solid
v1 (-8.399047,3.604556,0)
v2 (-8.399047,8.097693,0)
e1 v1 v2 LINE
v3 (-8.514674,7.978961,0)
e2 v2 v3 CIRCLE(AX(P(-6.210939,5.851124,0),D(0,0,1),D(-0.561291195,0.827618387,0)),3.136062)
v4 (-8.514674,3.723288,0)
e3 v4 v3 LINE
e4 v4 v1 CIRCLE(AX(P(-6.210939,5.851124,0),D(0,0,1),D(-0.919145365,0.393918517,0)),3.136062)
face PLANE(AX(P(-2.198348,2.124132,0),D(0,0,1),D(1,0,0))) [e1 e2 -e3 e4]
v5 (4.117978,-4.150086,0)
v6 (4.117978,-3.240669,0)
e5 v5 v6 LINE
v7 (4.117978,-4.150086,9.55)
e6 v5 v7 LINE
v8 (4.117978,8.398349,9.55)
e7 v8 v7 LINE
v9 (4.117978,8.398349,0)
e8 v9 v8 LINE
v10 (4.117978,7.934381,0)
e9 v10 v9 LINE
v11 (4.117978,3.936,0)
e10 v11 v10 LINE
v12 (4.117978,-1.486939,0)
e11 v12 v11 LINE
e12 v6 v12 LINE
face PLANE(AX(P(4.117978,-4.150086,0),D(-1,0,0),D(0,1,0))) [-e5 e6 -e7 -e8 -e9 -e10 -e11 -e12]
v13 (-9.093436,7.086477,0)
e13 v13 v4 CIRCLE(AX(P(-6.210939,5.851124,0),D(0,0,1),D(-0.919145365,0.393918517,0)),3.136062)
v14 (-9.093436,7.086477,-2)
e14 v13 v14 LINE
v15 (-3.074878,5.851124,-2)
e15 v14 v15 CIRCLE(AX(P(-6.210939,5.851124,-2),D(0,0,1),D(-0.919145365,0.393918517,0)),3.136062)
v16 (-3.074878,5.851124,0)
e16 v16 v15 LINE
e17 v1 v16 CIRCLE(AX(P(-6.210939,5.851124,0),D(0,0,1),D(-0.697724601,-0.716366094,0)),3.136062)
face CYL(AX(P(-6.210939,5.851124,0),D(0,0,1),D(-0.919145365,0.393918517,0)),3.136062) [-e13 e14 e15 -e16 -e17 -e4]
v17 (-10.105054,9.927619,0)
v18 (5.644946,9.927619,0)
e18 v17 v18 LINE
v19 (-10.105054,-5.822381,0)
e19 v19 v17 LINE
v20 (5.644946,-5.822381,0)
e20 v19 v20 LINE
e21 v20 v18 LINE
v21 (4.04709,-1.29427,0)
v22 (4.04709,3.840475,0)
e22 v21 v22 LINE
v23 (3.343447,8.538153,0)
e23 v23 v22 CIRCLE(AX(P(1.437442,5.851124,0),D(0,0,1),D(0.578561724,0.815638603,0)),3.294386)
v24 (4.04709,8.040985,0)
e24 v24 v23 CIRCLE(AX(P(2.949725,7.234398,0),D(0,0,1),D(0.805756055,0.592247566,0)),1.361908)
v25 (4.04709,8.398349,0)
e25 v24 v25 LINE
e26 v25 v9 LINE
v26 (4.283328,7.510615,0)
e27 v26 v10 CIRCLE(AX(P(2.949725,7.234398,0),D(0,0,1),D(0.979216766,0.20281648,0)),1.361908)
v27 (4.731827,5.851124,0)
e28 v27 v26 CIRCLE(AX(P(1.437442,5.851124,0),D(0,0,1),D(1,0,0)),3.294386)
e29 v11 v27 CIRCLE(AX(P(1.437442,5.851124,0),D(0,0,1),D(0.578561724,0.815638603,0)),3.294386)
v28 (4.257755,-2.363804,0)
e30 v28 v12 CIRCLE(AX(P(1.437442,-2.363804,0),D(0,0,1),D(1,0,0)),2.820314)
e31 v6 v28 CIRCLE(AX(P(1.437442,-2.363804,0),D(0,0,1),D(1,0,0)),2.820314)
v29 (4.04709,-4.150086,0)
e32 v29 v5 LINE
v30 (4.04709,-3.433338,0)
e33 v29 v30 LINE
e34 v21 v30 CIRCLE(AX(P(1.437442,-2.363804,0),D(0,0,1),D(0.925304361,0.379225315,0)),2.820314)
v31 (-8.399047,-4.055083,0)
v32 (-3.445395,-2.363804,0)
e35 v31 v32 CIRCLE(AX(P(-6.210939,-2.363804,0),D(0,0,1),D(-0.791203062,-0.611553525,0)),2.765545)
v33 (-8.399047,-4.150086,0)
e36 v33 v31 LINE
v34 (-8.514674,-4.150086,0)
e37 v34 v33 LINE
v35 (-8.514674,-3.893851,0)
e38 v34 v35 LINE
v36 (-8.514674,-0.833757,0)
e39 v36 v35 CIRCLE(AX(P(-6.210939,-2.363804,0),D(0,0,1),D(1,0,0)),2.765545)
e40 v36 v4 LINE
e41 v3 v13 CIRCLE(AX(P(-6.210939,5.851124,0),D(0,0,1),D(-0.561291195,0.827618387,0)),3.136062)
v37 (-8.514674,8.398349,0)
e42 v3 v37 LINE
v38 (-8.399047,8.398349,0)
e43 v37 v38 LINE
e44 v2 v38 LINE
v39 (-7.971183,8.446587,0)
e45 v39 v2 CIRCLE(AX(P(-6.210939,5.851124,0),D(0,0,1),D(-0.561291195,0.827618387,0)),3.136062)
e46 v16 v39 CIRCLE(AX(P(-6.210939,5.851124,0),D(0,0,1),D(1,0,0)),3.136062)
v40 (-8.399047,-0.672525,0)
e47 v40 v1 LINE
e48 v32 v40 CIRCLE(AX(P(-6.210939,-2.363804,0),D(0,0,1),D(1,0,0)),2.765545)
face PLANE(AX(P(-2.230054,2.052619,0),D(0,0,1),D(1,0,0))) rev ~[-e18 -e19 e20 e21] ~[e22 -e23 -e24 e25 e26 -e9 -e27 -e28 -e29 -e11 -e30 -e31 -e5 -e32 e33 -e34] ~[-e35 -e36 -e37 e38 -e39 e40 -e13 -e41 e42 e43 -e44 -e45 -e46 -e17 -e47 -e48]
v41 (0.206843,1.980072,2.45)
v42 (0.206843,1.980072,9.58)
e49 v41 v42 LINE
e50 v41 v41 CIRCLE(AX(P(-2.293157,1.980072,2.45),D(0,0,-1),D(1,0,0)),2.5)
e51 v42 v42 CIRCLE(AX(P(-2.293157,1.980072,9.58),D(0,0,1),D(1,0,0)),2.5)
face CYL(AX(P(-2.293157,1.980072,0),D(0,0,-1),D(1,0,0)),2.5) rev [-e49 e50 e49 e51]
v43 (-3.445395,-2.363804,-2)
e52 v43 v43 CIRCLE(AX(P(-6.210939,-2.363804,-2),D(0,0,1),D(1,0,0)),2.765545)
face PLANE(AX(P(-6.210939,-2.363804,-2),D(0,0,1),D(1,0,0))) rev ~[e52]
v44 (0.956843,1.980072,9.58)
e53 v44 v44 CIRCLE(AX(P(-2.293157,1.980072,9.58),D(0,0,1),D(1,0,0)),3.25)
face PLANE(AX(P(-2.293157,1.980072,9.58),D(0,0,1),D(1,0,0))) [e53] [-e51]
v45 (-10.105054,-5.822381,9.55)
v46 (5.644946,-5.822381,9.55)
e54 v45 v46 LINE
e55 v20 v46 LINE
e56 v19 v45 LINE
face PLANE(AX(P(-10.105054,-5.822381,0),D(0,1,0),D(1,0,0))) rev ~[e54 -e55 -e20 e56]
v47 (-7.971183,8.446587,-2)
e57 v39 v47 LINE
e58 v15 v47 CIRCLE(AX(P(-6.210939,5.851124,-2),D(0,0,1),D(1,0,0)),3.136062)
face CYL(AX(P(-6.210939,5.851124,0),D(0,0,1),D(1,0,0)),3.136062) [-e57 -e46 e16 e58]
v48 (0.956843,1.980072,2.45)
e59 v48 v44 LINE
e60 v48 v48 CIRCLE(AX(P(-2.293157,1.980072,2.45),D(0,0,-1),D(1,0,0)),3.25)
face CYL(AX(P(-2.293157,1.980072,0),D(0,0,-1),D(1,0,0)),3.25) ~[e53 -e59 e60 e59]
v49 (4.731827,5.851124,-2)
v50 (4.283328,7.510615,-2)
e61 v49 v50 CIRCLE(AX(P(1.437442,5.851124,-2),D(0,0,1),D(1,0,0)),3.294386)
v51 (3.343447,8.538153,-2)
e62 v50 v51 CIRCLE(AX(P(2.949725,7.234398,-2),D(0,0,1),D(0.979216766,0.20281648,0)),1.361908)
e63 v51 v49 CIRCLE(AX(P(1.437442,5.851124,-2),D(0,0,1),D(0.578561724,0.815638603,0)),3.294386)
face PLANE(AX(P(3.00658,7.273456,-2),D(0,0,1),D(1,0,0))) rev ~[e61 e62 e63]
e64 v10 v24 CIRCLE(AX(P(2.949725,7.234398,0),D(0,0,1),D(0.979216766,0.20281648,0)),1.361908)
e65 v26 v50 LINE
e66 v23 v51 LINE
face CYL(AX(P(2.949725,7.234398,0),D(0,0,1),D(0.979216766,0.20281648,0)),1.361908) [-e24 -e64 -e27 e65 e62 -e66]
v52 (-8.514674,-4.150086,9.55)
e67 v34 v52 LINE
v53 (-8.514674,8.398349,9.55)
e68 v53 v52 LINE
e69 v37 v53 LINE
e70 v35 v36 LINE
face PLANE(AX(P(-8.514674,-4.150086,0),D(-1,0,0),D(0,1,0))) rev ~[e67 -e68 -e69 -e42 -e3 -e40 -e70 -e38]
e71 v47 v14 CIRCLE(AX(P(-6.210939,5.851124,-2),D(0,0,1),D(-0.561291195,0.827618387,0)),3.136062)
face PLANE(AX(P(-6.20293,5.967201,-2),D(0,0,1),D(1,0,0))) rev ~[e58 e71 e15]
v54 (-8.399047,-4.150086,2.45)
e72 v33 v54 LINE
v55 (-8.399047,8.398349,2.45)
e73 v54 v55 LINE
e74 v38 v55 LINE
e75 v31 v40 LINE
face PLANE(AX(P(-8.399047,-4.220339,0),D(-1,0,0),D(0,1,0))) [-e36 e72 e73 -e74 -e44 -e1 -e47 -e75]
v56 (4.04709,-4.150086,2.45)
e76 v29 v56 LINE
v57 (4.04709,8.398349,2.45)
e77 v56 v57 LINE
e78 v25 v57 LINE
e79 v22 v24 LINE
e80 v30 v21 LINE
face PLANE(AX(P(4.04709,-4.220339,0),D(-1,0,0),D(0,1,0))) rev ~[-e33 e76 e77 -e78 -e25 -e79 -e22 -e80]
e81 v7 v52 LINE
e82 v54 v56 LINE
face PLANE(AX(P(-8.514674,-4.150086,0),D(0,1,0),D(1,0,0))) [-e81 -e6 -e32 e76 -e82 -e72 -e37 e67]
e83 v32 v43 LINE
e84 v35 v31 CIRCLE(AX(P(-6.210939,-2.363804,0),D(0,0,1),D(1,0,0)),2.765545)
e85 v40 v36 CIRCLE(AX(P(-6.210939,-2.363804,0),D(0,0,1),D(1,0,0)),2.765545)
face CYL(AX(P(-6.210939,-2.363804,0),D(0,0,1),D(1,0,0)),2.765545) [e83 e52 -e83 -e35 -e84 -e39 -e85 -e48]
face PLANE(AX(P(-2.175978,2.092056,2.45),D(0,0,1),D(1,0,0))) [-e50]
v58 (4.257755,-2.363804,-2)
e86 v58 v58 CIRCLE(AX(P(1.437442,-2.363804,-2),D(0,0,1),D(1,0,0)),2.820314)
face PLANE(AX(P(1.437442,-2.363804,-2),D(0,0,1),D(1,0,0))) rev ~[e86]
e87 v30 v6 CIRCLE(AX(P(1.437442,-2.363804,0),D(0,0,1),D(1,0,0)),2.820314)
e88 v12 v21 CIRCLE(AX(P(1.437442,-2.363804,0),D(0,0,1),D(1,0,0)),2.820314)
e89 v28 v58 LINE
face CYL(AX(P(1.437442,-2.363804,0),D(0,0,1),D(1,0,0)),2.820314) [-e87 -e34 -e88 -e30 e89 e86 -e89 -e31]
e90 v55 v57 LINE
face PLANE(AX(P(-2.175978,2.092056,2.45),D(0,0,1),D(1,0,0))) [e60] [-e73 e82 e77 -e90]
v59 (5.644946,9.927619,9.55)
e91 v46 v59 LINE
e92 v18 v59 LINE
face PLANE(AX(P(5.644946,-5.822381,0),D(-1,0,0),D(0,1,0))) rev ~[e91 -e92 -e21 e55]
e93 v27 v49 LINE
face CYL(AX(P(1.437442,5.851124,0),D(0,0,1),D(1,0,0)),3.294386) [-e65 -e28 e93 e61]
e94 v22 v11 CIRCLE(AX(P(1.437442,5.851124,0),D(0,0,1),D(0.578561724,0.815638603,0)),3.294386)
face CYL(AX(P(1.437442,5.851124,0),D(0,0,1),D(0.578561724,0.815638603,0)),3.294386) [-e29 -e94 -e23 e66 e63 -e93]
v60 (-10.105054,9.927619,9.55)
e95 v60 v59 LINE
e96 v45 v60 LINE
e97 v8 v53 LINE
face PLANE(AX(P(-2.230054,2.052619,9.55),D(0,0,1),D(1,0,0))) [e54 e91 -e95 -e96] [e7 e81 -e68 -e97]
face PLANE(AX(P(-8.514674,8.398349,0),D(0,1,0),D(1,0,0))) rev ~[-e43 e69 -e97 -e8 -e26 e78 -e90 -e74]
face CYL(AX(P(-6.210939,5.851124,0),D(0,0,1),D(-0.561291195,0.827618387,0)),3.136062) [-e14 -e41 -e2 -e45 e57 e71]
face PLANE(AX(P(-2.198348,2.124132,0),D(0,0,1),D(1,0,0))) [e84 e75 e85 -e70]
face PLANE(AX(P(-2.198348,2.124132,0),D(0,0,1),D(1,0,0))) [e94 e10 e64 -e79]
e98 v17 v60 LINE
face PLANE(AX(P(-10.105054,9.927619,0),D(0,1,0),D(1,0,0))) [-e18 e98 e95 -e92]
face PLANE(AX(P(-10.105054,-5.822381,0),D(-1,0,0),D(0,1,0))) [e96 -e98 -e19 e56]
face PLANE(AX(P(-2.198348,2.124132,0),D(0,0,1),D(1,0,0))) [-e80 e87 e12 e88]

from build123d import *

# Parameters (mm, degrees)
F0_W     = 15.75
F0_H     = 15.75
F1_DEPTH = 9.55
F2_R     = 2.7655447365
F2_R_2   = 2.8203135122
F3_DEPTH = 2
F4_W     = 12.6326526515
F4_H     = 12.5484350137
F5_DEPTH = 10
F6_W     = 12.4461371452
F6_H     = 12.6247890294
F7_DEPTH = 2.45
F8_R     = 3.25
F8_R_2   = 2.5
F9_DEPTH = 9.58


with BuildPart() as f1:
    # F0 (on Top) → F1 (new body)
    with BuildSketch(Plane.XY):
        with Locations((-2.2300542332, 2.0526186563)):
            Rectangle(F0_W, F0_H)
    extrude(amount=F1_DEPTH)

    # F2 (on Top) → F3 (join)
    with BuildSketch(Plane.XY):
        with BuildLine():
            ThreePointArc((3.3434472608, 8.5381525556), (1.8563335854, 6.422431468), (4.3116325752, 7.2343980162))
            ThreePointArc((4.3116325752, 7.2343980162), (4.3045378825, 7.37322994), (4.2833277224, 7.5106154081))
            ThreePointArc((4.2833277224, 7.5106154081), (3.8683009231, 8.0746128825), (3.3434472608, 8.5381525556))
        make_face()
        with BuildLine():
            ThreePointArc((4.2833277224, 7.5106154081), (4.3045378825, 7.37322994), (4.3116325752, 7.2343980162))
            ThreePointArc((4.3116325752, 7.2343980162), (1.8563335854, 6.422431468), (3.3434472608, 8.5381525556))
            ThreePointArc((3.3434472608, 8.5381525556), (-1.4893392185, 4.3388645246), (4.7318274849, 5.8511244133))
            ThreePointArc((4.7318274849, 5.8511244133), (4.6177266052, 6.7106391599), (4.2833277224, 7.5106154081))
        make_face()
        with BuildLine():
            ThreePointArc((3.3434472608, 8.5381525556), (3.8683009231, 8.0746128825), (4.2833277224, 7.5106154081))
            ThreePointArc((4.2833277224, 7.5106154081), (3.95464834, 8.1535942121), (3.3434472608, 8.5381525556))
        make_face()
        with BuildLine():
            ThreePointArc((-9.0934361556, 7.0864772246), (-6.8414931871, 2.7791078741), (-3.0748776986, 5.8511244133))
            ThreePointArc((-3.0748776986, 5.8511244133), (-4.7421559795, 8.6219651826), (-7.9711833661, 8.4465868163))
            ThreePointArc((-7.9711833661, 8.4465868163), (-8.6298719943, 7.8470325105), (-9.0934361556, 7.0864772246))
        make_face()
        with Locations((-6.210939493, -2.3638040293)):
            Circle(F2_R)
        with Locations((1.4374417951, -2.3638040293)):
            Circle(F2_R_2)
    extrude(amount=-F3_DEPTH)

    # F4 (on Top) → F5 (cut)
    with BuildSketch(Plane.XY):
        with Locations((-2.1983480547, 2.12413189)):
            Rectangle(F4_W, F4_H)
    extrude(amount=F5_DEPTH, mode=Mode.SUBTRACT)

    # F6 (on Top) → F7 (join)
    with BuildSketch(Plane.XY):
        with Locations((-2.1759783849, 2.0920559764)):
            Rectangle(F6_W, F6_H)
    extrude(amount=F7_DEPTH)

    # F8 (on Top) → F9 (join)
    with BuildSketch(Plane.XY):
        with Locations((-2.2931566928, 1.9800718874)):
            Circle(F8_R)
        with Locations((-2.2931566928, 1.9800718874)):
            Circle(F8_R_2, mode=Mode.SUBTRACT)
    extrude(amount=F9_DEPTH)


solid = f1.part
